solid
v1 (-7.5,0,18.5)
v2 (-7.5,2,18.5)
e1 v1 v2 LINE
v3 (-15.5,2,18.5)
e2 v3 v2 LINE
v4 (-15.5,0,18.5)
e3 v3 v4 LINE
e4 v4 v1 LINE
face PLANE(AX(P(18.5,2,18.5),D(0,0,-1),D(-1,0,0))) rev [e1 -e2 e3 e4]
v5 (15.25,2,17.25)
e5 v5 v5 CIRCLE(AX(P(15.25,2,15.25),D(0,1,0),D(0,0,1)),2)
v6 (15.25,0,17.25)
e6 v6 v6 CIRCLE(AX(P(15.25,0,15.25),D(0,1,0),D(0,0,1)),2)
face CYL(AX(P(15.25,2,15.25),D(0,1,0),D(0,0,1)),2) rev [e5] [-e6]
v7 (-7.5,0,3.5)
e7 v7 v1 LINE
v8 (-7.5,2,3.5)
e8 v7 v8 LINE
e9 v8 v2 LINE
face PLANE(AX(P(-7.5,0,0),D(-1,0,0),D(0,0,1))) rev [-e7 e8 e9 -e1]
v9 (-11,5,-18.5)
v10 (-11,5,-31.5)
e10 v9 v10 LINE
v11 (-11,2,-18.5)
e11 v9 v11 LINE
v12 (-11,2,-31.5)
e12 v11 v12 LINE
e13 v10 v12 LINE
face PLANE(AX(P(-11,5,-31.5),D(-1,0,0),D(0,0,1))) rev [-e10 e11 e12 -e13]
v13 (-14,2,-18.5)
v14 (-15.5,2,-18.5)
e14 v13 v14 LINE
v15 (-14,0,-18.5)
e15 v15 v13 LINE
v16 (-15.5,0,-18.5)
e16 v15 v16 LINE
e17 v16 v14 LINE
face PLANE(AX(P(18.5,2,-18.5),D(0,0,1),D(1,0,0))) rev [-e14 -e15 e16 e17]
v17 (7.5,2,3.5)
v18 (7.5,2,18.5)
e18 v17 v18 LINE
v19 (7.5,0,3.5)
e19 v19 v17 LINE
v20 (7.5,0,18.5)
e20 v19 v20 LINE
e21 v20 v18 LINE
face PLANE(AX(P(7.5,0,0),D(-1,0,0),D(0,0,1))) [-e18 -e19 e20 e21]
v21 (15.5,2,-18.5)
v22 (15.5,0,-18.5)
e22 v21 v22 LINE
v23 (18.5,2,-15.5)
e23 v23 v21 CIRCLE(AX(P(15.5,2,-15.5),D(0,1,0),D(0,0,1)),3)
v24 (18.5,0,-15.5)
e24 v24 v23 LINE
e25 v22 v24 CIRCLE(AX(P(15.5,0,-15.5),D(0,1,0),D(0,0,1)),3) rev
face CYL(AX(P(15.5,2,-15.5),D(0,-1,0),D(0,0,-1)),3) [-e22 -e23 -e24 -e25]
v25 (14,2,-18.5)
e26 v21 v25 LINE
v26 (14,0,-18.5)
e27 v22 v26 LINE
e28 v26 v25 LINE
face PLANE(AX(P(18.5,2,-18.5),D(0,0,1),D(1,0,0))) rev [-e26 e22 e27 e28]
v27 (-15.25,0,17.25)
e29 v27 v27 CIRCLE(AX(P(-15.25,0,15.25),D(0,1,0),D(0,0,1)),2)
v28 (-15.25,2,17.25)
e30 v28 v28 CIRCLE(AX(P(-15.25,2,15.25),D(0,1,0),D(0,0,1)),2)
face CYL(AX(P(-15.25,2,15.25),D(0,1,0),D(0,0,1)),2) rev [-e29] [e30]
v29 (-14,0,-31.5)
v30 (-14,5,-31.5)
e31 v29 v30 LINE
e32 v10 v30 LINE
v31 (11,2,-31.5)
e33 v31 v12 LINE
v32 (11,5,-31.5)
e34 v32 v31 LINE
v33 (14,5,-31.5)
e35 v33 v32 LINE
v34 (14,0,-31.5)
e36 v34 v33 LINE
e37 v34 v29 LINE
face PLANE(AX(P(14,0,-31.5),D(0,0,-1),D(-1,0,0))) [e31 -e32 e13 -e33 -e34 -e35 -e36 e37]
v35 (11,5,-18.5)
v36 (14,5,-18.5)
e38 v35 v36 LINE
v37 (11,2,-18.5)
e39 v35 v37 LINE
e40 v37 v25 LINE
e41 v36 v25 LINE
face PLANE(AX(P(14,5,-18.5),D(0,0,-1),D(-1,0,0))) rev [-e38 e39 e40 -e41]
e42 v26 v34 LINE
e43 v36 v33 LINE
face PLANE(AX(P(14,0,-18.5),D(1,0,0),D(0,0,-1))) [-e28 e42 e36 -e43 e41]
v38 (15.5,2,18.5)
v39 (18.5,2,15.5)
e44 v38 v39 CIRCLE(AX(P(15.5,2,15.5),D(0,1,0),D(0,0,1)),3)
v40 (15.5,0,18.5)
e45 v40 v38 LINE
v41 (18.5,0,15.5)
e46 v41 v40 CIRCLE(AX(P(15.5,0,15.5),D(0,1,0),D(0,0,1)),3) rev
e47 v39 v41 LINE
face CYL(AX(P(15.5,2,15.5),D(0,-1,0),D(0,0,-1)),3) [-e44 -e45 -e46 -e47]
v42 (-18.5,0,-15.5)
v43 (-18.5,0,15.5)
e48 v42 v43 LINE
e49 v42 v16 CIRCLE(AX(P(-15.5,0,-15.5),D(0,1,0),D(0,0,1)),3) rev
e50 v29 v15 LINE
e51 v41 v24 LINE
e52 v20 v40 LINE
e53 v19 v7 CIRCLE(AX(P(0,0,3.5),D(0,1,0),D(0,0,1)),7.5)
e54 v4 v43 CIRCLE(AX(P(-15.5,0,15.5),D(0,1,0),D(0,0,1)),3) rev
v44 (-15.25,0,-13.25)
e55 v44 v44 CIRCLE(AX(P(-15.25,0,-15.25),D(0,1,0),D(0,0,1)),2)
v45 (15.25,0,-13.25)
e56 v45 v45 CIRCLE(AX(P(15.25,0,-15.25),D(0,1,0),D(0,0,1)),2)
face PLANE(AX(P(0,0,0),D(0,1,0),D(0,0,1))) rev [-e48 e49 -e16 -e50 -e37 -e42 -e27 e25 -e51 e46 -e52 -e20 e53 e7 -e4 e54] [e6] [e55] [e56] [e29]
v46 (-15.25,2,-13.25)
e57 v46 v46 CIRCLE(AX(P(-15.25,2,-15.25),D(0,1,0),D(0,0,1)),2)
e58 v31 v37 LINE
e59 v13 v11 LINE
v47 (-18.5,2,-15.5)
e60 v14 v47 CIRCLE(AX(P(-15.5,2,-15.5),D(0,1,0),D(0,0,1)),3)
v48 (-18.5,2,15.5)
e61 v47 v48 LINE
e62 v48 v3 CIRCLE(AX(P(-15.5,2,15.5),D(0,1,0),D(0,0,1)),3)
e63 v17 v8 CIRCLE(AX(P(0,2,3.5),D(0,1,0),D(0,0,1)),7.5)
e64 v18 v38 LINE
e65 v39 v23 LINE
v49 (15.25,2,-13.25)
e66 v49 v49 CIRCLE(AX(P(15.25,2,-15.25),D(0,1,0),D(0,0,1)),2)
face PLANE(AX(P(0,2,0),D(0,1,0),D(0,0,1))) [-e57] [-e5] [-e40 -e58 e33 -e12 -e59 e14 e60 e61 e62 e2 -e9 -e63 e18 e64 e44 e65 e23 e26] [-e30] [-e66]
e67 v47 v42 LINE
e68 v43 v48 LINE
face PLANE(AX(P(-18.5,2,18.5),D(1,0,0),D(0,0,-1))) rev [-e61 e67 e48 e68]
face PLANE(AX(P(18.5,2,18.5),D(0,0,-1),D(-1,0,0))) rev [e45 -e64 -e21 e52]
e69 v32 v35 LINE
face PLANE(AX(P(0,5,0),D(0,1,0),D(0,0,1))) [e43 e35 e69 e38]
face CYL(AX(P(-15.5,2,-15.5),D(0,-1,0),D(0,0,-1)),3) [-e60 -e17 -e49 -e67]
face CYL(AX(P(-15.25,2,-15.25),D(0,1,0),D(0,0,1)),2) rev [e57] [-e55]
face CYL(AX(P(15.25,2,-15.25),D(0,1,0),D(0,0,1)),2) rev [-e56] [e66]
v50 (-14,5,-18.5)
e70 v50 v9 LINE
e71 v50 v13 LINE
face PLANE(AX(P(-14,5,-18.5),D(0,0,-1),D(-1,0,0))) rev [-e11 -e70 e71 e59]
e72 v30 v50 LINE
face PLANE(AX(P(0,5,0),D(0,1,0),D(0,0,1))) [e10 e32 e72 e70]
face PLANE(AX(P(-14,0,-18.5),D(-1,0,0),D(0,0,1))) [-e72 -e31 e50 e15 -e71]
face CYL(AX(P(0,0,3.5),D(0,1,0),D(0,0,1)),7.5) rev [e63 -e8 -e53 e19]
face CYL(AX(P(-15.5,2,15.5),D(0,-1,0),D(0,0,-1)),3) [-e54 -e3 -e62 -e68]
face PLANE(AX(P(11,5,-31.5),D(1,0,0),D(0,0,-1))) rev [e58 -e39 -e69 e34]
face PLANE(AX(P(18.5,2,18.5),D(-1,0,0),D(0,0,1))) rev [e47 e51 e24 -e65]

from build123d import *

# Parameters (mm, degrees)
SKETCH1_W                = 37
SKETCH1_H                = 37
BOSS_EXTRUDE1_DEPTH      = 2
FILLET1_R                = 3
F_4_0_4_DIAMETER_HOLE1_D = 4
SKETCH6_W                = 28
SKETCH6_H                = 13
BOSS_EXTRUDE3_DEPTH      = 2
SKETCH7_W                = 3
SKETCH7_H                = 13
BOSS_EXTRUDE4_DEPTH      = 3
SKETCH8_W                = 15
SKETCH8_H                = 15
CUT_EXTRUDE1_DEPTH       = 37.653785616


with BuildPart() as part:
    # Sketch1 → Boss-Extrude1 (new body)
    with BuildSketch(Plane(origin=(0, 0, 0), x_dir=(1, 0, 0), z_dir=(0, 1, 0))):
        Rectangle(SKETCH1_W, SKETCH1_H)
    extrude(amount=BOSS_EXTRUDE1_DEPTH)

    # Fillet1
    fillet1_edges = [part.edges().sort_by_distance(p)[0] for p in [
        (-18.5, 1, -18.5),
        (18.5, 1, -18.5),
        (18.5, 1, 18.5),
        (-18.5, 1, 18.5),
    ]]
    fillet(fillet1_edges, radius=FILLET1_R)

    # Ø4.0 (4) Diameter Hole1 (through all)
    with Locations(Plane(origin=(0, 2, 0), x_dir=(1, 0, 0), z_dir=(0, 1, 0))):
        with Locations((-15.25, 15.25), (15.25, -15.25), (15.25, 15.25), (-15.25, -15.25)):
            Hole(F_4_0_4_DIAMETER_HOLE1_D / 2)

    # Sketch6 → Boss-Extrude3 (add, through all)
    with BuildSketch(Plane(origin=(0, 2, 0), x_dir=(1, 0, 0), z_dir=(0, 1, 0))):
        with Locations((0, 25)):
            Rectangle(SKETCH6_W, SKETCH6_H)
    extrude(amount=-BOSS_EXTRUDE3_DEPTH)

    # Sketch7 → Boss-Extrude4 (add)
    with BuildSketch(Plane(origin=(0, 2, 0), x_dir=(1, 0, 0), z_dir=(0, 1, 0))):
        with Locations((-12.5, 25)):
            Rectangle(SKETCH7_W, SKETCH7_H)
        with Locations((12.5, 25)):
            Rectangle(SKETCH7_W, SKETCH7_H)
    extrude(amount=BOSS_EXTRUDE4_DEPTH)

    # Sketch8 → Cut-Extrude1 (cut, through all)
    with BuildSketch(Plane(origin=(0, 2, 0), x_dir=(1, 0, 0), z_dir=(0, 1, 0))):
        with BuildLine():
            Line((7.5, -3.5), (-7.5, -3.5))
            ThreePointArc((-7.5, -3.5), (0, 4), (7.5, -3.5))
        make_face()
        with Locations((0, -11)):
            Rectangle(SKETCH8_W, SKETCH8_H)
    extrude(amount=-CUT_EXTRUDE1_DEPTH, mode=Mode.SUBTRACT)


solid = part.part
